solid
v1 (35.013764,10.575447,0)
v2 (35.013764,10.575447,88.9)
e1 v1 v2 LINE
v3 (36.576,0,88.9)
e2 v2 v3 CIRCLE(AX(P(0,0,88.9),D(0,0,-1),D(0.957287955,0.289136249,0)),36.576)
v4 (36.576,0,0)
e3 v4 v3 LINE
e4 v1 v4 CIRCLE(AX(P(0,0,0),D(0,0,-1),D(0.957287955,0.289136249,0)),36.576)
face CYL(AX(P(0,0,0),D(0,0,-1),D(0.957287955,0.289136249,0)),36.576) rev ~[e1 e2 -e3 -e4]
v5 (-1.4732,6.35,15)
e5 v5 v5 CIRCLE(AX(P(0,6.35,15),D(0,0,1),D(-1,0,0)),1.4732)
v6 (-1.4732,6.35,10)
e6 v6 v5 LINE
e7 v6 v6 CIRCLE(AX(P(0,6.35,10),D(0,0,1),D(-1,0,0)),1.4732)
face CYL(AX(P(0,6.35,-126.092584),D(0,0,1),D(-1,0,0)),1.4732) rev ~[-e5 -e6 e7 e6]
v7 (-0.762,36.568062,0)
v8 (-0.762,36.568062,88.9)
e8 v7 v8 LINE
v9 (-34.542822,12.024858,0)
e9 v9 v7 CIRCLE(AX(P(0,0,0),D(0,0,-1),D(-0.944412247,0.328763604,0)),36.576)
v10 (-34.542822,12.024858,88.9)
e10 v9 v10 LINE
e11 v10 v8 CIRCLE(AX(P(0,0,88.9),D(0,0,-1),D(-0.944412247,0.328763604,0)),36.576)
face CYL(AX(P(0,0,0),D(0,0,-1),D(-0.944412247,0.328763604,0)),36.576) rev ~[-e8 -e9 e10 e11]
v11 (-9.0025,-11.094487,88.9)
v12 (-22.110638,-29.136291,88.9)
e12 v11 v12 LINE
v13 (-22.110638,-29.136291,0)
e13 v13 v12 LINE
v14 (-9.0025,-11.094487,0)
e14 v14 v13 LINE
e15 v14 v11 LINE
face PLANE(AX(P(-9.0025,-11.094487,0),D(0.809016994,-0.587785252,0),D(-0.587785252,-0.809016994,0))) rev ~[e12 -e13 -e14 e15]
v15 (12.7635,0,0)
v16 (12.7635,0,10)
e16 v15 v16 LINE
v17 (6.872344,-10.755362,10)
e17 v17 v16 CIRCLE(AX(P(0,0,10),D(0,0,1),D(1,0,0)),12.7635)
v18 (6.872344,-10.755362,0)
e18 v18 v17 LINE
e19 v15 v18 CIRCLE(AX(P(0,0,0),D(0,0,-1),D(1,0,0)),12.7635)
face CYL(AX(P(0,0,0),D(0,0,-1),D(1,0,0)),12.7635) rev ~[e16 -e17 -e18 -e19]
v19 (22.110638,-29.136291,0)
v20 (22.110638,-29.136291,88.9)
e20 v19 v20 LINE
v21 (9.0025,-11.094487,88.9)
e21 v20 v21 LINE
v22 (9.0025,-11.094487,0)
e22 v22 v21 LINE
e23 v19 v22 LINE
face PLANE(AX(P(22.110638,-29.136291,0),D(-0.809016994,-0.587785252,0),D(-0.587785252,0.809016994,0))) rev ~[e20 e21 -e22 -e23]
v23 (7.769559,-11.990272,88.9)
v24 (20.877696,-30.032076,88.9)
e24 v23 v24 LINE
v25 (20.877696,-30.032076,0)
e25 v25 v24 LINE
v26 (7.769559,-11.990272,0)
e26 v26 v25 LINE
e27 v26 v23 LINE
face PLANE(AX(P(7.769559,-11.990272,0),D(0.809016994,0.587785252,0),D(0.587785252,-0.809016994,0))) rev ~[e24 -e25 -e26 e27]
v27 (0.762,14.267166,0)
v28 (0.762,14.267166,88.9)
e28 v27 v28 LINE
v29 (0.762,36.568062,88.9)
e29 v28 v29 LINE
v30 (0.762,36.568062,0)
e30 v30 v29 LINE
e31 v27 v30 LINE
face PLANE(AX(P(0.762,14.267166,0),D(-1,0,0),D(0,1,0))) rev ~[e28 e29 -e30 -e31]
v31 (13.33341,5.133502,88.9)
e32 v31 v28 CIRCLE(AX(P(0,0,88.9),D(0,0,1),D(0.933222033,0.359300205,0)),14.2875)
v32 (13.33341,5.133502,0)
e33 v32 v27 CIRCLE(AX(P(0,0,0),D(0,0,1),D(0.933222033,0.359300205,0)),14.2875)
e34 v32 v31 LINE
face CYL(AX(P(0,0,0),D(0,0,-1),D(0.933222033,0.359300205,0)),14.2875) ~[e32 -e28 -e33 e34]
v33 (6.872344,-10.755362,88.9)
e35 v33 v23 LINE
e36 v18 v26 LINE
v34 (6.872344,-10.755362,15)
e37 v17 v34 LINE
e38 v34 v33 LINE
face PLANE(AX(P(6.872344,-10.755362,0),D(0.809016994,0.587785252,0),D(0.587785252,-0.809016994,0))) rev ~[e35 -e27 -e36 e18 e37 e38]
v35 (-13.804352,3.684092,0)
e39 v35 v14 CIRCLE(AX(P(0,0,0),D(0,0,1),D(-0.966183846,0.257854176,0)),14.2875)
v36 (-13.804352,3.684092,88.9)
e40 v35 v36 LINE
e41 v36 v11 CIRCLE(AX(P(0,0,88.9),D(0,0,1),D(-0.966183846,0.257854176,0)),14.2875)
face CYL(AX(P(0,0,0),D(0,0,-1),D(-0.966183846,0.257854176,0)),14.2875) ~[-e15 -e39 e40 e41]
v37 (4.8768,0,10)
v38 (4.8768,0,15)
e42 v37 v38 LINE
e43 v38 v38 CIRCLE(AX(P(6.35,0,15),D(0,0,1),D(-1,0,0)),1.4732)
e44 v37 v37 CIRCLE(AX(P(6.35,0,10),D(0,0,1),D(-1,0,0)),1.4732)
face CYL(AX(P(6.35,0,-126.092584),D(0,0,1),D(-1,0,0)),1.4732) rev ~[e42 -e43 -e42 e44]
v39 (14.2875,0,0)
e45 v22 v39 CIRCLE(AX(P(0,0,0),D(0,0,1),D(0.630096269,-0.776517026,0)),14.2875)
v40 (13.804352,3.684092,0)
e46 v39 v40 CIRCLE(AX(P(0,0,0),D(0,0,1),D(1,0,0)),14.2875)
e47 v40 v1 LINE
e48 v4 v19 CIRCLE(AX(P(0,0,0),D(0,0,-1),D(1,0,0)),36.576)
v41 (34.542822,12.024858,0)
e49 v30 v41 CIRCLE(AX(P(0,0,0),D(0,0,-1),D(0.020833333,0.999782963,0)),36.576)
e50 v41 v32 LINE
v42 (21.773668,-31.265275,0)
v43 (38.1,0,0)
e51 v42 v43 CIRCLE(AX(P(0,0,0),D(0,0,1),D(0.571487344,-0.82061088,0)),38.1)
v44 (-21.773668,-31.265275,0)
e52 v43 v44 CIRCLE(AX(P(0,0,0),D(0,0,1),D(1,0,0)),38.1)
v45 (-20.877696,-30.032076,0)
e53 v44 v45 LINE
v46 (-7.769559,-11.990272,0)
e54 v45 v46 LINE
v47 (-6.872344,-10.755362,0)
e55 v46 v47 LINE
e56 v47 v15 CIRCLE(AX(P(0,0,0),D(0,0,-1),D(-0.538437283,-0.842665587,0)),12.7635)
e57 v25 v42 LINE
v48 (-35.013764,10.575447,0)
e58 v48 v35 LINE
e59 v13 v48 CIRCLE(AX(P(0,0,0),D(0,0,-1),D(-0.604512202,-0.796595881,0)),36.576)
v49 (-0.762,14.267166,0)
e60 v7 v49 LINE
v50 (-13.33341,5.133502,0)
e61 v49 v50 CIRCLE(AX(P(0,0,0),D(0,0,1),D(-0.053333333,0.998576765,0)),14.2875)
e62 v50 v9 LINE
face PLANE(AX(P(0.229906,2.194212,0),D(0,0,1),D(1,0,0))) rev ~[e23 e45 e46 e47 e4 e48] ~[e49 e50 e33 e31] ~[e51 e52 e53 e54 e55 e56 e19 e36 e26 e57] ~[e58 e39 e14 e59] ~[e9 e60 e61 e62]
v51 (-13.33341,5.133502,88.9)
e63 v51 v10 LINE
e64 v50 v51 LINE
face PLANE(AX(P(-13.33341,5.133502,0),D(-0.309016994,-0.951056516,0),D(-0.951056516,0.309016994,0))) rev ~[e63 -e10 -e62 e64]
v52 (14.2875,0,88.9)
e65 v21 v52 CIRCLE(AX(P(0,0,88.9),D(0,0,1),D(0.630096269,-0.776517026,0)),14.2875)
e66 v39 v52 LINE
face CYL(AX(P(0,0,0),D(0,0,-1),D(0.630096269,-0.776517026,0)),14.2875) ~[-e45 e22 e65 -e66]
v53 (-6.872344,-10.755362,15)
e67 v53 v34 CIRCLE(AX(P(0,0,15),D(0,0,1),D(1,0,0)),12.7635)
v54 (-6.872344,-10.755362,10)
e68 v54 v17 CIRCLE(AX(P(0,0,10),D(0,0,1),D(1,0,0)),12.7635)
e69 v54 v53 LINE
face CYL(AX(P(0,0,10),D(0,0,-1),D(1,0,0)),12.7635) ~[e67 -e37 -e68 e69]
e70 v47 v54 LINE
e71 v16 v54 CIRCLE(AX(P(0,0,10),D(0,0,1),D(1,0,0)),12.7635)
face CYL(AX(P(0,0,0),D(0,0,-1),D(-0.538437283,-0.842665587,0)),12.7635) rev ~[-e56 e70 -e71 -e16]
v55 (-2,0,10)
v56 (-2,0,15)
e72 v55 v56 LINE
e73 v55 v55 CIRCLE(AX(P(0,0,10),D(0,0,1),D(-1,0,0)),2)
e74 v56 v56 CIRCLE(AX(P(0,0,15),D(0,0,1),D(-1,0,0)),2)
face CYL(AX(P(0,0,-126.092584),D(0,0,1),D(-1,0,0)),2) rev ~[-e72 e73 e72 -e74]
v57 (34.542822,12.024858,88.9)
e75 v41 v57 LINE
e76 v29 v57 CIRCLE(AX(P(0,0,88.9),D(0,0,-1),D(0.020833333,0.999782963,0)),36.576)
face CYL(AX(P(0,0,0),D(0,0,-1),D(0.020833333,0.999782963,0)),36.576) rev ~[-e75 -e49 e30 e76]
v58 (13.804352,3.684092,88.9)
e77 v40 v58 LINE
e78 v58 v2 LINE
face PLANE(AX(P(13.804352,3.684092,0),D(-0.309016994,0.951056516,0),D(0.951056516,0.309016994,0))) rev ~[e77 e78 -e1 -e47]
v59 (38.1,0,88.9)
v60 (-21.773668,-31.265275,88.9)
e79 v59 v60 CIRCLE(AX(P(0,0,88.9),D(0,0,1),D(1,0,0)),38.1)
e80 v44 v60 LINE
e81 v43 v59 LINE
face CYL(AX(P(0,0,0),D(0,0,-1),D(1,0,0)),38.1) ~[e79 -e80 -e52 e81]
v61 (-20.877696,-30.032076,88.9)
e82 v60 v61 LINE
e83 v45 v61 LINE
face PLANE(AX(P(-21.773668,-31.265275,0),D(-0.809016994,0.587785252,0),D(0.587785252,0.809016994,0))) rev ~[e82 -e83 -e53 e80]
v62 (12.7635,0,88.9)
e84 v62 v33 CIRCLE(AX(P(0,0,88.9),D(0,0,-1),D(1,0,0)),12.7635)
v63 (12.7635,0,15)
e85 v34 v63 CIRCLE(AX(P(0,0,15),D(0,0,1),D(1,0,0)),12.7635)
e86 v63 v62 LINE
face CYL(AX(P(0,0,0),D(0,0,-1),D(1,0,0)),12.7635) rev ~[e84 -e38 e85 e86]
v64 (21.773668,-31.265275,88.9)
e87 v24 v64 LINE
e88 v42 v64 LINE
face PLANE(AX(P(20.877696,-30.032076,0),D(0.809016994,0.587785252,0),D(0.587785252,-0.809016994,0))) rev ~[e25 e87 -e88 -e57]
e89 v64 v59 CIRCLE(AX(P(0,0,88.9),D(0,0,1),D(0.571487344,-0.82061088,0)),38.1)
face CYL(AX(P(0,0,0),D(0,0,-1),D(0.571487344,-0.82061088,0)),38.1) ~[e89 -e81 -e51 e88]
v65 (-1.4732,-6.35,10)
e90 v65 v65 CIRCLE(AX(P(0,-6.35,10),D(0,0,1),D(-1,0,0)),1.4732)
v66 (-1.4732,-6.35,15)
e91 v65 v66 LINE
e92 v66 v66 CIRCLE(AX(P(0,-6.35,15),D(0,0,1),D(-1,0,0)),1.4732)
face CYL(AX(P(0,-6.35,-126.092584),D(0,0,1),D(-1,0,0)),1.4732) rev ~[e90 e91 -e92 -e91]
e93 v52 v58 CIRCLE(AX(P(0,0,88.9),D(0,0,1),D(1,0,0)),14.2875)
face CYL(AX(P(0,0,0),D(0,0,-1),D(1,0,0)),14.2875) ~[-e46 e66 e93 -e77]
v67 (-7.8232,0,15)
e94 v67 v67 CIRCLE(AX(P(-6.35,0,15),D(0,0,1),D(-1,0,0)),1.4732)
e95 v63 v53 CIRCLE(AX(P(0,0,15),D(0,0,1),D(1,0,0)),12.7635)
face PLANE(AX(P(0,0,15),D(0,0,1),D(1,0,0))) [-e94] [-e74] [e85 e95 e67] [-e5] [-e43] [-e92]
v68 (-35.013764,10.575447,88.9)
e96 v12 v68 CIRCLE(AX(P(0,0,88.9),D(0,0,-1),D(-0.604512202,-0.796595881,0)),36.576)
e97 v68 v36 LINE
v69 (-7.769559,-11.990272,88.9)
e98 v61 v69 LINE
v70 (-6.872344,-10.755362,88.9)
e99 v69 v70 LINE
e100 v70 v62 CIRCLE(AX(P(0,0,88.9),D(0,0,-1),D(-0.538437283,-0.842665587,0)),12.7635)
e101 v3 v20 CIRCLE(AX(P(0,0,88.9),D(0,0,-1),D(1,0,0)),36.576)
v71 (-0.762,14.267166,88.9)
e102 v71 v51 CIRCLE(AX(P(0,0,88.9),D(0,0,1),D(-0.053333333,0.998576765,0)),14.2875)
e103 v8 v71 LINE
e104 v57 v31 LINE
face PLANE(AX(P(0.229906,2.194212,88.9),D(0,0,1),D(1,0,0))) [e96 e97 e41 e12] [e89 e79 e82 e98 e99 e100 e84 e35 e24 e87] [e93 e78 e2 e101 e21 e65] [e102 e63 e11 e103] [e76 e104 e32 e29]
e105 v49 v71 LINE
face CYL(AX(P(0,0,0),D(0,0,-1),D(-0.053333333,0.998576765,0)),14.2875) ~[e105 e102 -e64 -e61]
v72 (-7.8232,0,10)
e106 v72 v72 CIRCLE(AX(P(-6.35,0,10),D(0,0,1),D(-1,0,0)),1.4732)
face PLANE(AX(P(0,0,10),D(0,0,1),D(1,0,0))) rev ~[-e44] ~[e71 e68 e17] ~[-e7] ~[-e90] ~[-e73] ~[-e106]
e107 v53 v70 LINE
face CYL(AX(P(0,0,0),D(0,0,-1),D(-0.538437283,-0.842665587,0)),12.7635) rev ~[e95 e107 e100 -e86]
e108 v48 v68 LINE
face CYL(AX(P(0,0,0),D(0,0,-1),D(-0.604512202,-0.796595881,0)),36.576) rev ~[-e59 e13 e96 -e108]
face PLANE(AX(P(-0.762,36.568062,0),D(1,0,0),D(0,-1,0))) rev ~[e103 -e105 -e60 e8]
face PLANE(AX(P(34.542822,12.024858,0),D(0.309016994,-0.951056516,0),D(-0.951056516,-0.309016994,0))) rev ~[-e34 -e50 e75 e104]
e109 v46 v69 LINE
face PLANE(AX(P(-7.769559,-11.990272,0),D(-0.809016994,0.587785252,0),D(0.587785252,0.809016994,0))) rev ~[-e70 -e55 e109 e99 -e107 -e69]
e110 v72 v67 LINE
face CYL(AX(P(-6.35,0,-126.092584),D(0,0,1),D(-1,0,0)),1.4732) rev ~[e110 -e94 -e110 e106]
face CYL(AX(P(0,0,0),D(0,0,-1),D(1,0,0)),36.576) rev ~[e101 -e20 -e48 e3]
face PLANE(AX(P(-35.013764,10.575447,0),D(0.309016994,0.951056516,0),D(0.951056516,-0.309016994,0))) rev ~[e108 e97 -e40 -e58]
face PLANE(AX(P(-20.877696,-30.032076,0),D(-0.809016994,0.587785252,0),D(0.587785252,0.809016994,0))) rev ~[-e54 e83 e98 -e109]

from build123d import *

# Parameters (mm, degrees)
F1_DEPTH = 88.9
F3_R     = 12.7635
F4_DEPTH = 5
F5_D     = 2.9464
F6_D     = 4


with BuildPart() as f1:
    # F0 (on Top) → F1 (new body)
    with BuildSketch(Plane.XY):
        with BuildLine():
            ThreePointArc((-8.3979817921, -11.5588303071), (-8.0866479786, -11.7787427479), (-7.7695585406, -11.9902717373))
            Line((-7.7695585406, -11.9902717373), (-6.8723442619, -10.7553622252))
            ThreePointArc((-6.8723442619, -10.7553622252), (-6.1315481839, 11.194241784), (12.7635, 0))
            ThreePointArc((12.7635, 0), (11.194241784, -6.1315481839), (6.8723442619, -10.7553622252))
            Line((6.8723442619, -10.7553622252), (7.7695585406, -11.9902717373))
            ThreePointArc((7.7695585406, -11.9902717373), (8.0866479786, -11.7787427479), (8.3979817921, -11.5588303071))
            ThreePointArc((8.3979817921, -11.5588303071), (8.7033383912, -11.3306909365), (9.00250044, -11.0944870128))
            ThreePointArc((9.00250044, -11.0944870128), (12.8987573294, -6.1444866023), (14.2875, 0))
            ThreePointArc((14.2875, 0), (14.1661979921, 1.8578188013), (13.8043516957, 3.6840915448))
            ThreePointArc((13.8043516957, 3.6840915448), (13.701161697, 4.0510275736), (13.5882199766, 4.4150803071))
            ThreePointArc((13.5882199766, 4.4150803071), (13.46560692, 4.7759906331), (13.3334097963, 5.1335016756))
            ThreePointArc((13.3334097963, 5.1335016756), (8.3979817921, 11.5588303071), (0.762, 14.2671655296))
            ThreePointArc((0.762, 14.2671655296), (0.3811356355, 14.2824154777), (0, 14.2875))
            ThreePointArc((0, 14.2875), (-0.3811356355, 14.2824154777), (-0.762, 14.2671655296))
            ThreePointArc((-0.762, 14.2671655296), (-8.3979817921, 11.5588303071), (-13.3334097963, 5.1335016756))
            ThreePointArc((-13.3334097963, 5.1335016756), (-13.4656069199, 4.7759906331), (-13.5882199766, 4.4150803071))
            ThreePointArc((-13.5882199766, 4.4150803071), (-13.701161697, 4.0510275736), (-13.8043516957, 3.6840915448))
            ThreePointArc((-13.8043516957, 3.6840915448), (-13.5882199766, -4.4150803071), (-9.00250044, -11.0944870128))
            ThreePointArc((-9.00250044, -11.0944870128), (-8.7033383912, -11.3306909365), (-8.3979817921, -11.5588303071))
        make_face()
        with BuildLine():
            ThreePointArc((0, 36.576), (-0.3810206745, 36.5740153558), (-0.762, 36.5680616385))
            Line((-0.762, 36.5680616385), (-0.762, 14.2671655296))
            ThreePointArc((-0.762, 14.2671655296), (-0.3811356355, 14.2824154777), (0, 14.2875))
            Line((0, 14.2875), (0, 36.576))
        make_face()
        with BuildLine():
            ThreePointArc((0.762, 36.5680616385), (0.3810206745, 36.5740153558), (0, 36.576))
            Line((0, 36.576), (0, 14.2875))
            ThreePointArc((0, 14.2875), (0.3811356355, 14.2824154777), (0.762, 14.2671655296))
            Line((0.762, 14.2671655296), (0.762, 36.5680616385))
        make_face()
        with BuildLine():
            Line((13.5882199766, 4.4150803071), (34.78584314, 11.3026055863))
            ThreePointArc((34.78584314, 11.3026055863), (34.6662137676, 11.6643644928), (34.5428223599, 12.0248575631))
            Line((34.5428223599, 12.0248575631), (13.3334097963, 5.1335016756))
            ThreePointArc((13.3334097963, 5.1335016756), (13.46560692, 4.7759906331), (13.5882199766, 4.4150803071))
        make_face()
        with BuildLine():
            Line((13.8043516957, 3.6840915448), (35.0137642593, 10.5754474322))
            ThreePointArc((35.0137642593, 10.5754474322), (34.9016974948, 10.9396201021), (34.78584314, 11.3026055863))
            Line((34.78584314, 11.3026055863), (13.5882199766, 4.4150803071))
            ThreePointArc((13.5882199766, 4.4150803071), (13.701161697, 4.0510275736), (13.8043516957, 3.6840915448))
        make_face()
        with BuildLine():
            ThreePointArc((-34.5428223599, 12.0248575631), (-34.6662137676, 11.6643644928), (-34.78584314, 11.3026055863))
            Line((-34.78584314, 11.3026055863), (-13.5882199766, 4.4150803071))
            ThreePointArc((-13.5882199766, 4.4150803071), (-13.4656069199, 4.7759906331), (-13.3334097963, 5.1335016756))
            Line((-13.3334097963, 5.1335016756), (-34.5428223599, 12.0248575631))
        make_face()
        with BuildLine():
            ThreePointArc((-34.78584314, 11.3026055863), (-34.9016974948, 10.9396201021), (-35.0137642593, 10.5754474322))
            Line((-35.0137642593, 10.5754474322), (-13.8043516957, 3.6840915448))
            ThreePointArc((-13.8043516957, 3.6840915448), (-13.701161697, 4.0510275736), (-13.5882199766, 4.4150803071))
            Line((-13.5882199766, 4.4150803071), (-34.78584314, 11.3026055863))
        make_face()
        with BuildLine():
            ThreePointArc((21.773667791, -31.2652745218), (33.7726719615, -17.6356635424), (38.1, 0))
            ThreePointArc((38.1, 0), (-17.6356635424, 33.7726719615), (-21.773667791, -31.2652745218))
            Line((-21.773667791, -31.2652745218), (-20.8776963863, -30.0320756792))
            ThreePointArc((-20.8776963863, -30.0320756792), (-21.1894146424, -29.8129583087), (-21.4988333878, -29.5906055863))
            ThreePointArc((-21.4988333878, -29.5906055863), (-21.8059190441, -29.3650416421), (-22.1106382858, -29.1362909547))
            ThreePointArc((-22.1106382858, -29.1362909547), (-34.78584314, -11.3026055863), (-35.0137642593, 10.5754474322))
            ThreePointArc((-35.0137642593, 10.5754474322), (-34.9016974948, 10.9396201021), (-34.78584314, 11.3026055863))
            ThreePointArc((-34.78584314, 11.3026055863), (-34.6662137676, 11.6643644928), (-34.5428223599, 12.0248575631))
            ThreePointArc((-34.5428223599, 12.0248575631), (-21.4988333878, 29.5906055863), (-0.762, 36.5680616385))
            ThreePointArc((-0.762, 36.5680616385), (-0.3810206745, 36.5740153558), (0, 36.576))
            ThreePointArc((0, 36.576), (0.3810206745, 36.5740153558), (0.762, 36.5680616385))
            ThreePointArc((0.762, 36.5680616385), (21.4988333878, 29.5906055863), (34.5428223599, 12.0248575631))
            ThreePointArc((34.5428223599, 12.0248575631), (34.6662137676, 11.6643644928), (34.78584314, 11.3026055863))
            ThreePointArc((34.78584314, 11.3026055863), (34.9016974948, 10.9396201021), (35.0137642593, 10.5754474322))
            ThreePointArc((35.0137642593, 10.5754474322), (36.183333301, 5.3451068488), (36.576, 0))
            ThreePointArc((36.576, 0), (32.7606660642, -16.264763602), (22.1106382858, -29.1362909547))
            ThreePointArc((22.1106382858, -29.1362909547), (21.8059190441, -29.3650416421), (21.4988333878, -29.5906055863))
            ThreePointArc((21.4988333878, -29.5906055863), (21.1894146424, -29.8129583087), (20.8776963863, -30.0320756792))
            Line((20.8776963863, -30.0320756792), (21.773667791, -31.2652745218))
        make_face()
        with BuildLine():
            Line((7.7695585406, -11.9902717373), (20.8776963863, -30.0320756792))
            ThreePointArc((20.8776963863, -30.0320756792), (21.1894146424, -29.8129583087), (21.4988333878, -29.5906055863))
            Line((21.4988333878, -29.5906055863), (8.3979817921, -11.5588303071))
            ThreePointArc((8.3979817921, -11.5588303071), (8.0866479786, -11.7787427479), (7.7695585406, -11.9902717373))
        make_face()
        with BuildLine():
            Line((8.3979817921, -11.5588303071), (21.4988333878, -29.5906055863))
            ThreePointArc((21.4988333878, -29.5906055863), (21.8059190441, -29.3650416421), (22.1106382858, -29.1362909547))
            Line((22.1106382858, -29.1362909547), (9.00250044, -11.0944870128))
            ThreePointArc((9.00250044, -11.0944870128), (8.7033383912, -11.3306909365), (8.3979817921, -11.5588303071))
        make_face()
        with BuildLine():
            ThreePointArc((-21.4988333878, -29.5906055863), (-21.1894146424, -29.8129583087), (-20.8776963863, -30.0320756792))
            Line((-20.8776963863, -30.0320756792), (-7.7695585406, -11.9902717373))
            ThreePointArc((-7.7695585406, -11.9902717373), (-8.0866479786, -11.7787427479), (-8.3979817921, -11.5588303071))
            Line((-8.3979817921, -11.5588303071), (-21.4988333878, -29.5906055863))
        make_face()
        with BuildLine():
            ThreePointArc((-22.1106382858, -29.1362909547), (-21.8059190441, -29.3650416421), (-21.4988333878, -29.5906055863))
            Line((-21.4988333878, -29.5906055863), (-8.3979817921, -11.5588303071))
            ThreePointArc((-8.3979817921, -11.5588303071), (-8.7033383912, -11.3306909365), (-9.00250044, -11.0944870128))
            Line((-9.00250044, -11.0944870128), (-22.1106382858, -29.1362909547))
        make_face()
    extrude(amount=F1_DEPTH)

    # F3 (on offset) → F4 (join)
    with BuildSketch(Plane.XY.offset(10)):
        Circle(F3_R)
    extrude(amount=F4_DEPTH)

    # F5 (through all)
    with Locations(Plane(origin=(0, 0, 10), x_dir=(1, 0, 0), z_dir=(0, 0, -1))):
        with Locations((0, -6.35), (6.35, 0), (0, 6.35), (-6.35, 0)):
            Hole(F5_D / 2)

    # F6 (through all)
    with Locations(Plane(origin=(0, 0, 10), x_dir=(1, 0, 0), z_dir=(0, 0, -1))):
        with Locations((0, 0)):
            Hole(F6_D / 2)


solid = f1.part
